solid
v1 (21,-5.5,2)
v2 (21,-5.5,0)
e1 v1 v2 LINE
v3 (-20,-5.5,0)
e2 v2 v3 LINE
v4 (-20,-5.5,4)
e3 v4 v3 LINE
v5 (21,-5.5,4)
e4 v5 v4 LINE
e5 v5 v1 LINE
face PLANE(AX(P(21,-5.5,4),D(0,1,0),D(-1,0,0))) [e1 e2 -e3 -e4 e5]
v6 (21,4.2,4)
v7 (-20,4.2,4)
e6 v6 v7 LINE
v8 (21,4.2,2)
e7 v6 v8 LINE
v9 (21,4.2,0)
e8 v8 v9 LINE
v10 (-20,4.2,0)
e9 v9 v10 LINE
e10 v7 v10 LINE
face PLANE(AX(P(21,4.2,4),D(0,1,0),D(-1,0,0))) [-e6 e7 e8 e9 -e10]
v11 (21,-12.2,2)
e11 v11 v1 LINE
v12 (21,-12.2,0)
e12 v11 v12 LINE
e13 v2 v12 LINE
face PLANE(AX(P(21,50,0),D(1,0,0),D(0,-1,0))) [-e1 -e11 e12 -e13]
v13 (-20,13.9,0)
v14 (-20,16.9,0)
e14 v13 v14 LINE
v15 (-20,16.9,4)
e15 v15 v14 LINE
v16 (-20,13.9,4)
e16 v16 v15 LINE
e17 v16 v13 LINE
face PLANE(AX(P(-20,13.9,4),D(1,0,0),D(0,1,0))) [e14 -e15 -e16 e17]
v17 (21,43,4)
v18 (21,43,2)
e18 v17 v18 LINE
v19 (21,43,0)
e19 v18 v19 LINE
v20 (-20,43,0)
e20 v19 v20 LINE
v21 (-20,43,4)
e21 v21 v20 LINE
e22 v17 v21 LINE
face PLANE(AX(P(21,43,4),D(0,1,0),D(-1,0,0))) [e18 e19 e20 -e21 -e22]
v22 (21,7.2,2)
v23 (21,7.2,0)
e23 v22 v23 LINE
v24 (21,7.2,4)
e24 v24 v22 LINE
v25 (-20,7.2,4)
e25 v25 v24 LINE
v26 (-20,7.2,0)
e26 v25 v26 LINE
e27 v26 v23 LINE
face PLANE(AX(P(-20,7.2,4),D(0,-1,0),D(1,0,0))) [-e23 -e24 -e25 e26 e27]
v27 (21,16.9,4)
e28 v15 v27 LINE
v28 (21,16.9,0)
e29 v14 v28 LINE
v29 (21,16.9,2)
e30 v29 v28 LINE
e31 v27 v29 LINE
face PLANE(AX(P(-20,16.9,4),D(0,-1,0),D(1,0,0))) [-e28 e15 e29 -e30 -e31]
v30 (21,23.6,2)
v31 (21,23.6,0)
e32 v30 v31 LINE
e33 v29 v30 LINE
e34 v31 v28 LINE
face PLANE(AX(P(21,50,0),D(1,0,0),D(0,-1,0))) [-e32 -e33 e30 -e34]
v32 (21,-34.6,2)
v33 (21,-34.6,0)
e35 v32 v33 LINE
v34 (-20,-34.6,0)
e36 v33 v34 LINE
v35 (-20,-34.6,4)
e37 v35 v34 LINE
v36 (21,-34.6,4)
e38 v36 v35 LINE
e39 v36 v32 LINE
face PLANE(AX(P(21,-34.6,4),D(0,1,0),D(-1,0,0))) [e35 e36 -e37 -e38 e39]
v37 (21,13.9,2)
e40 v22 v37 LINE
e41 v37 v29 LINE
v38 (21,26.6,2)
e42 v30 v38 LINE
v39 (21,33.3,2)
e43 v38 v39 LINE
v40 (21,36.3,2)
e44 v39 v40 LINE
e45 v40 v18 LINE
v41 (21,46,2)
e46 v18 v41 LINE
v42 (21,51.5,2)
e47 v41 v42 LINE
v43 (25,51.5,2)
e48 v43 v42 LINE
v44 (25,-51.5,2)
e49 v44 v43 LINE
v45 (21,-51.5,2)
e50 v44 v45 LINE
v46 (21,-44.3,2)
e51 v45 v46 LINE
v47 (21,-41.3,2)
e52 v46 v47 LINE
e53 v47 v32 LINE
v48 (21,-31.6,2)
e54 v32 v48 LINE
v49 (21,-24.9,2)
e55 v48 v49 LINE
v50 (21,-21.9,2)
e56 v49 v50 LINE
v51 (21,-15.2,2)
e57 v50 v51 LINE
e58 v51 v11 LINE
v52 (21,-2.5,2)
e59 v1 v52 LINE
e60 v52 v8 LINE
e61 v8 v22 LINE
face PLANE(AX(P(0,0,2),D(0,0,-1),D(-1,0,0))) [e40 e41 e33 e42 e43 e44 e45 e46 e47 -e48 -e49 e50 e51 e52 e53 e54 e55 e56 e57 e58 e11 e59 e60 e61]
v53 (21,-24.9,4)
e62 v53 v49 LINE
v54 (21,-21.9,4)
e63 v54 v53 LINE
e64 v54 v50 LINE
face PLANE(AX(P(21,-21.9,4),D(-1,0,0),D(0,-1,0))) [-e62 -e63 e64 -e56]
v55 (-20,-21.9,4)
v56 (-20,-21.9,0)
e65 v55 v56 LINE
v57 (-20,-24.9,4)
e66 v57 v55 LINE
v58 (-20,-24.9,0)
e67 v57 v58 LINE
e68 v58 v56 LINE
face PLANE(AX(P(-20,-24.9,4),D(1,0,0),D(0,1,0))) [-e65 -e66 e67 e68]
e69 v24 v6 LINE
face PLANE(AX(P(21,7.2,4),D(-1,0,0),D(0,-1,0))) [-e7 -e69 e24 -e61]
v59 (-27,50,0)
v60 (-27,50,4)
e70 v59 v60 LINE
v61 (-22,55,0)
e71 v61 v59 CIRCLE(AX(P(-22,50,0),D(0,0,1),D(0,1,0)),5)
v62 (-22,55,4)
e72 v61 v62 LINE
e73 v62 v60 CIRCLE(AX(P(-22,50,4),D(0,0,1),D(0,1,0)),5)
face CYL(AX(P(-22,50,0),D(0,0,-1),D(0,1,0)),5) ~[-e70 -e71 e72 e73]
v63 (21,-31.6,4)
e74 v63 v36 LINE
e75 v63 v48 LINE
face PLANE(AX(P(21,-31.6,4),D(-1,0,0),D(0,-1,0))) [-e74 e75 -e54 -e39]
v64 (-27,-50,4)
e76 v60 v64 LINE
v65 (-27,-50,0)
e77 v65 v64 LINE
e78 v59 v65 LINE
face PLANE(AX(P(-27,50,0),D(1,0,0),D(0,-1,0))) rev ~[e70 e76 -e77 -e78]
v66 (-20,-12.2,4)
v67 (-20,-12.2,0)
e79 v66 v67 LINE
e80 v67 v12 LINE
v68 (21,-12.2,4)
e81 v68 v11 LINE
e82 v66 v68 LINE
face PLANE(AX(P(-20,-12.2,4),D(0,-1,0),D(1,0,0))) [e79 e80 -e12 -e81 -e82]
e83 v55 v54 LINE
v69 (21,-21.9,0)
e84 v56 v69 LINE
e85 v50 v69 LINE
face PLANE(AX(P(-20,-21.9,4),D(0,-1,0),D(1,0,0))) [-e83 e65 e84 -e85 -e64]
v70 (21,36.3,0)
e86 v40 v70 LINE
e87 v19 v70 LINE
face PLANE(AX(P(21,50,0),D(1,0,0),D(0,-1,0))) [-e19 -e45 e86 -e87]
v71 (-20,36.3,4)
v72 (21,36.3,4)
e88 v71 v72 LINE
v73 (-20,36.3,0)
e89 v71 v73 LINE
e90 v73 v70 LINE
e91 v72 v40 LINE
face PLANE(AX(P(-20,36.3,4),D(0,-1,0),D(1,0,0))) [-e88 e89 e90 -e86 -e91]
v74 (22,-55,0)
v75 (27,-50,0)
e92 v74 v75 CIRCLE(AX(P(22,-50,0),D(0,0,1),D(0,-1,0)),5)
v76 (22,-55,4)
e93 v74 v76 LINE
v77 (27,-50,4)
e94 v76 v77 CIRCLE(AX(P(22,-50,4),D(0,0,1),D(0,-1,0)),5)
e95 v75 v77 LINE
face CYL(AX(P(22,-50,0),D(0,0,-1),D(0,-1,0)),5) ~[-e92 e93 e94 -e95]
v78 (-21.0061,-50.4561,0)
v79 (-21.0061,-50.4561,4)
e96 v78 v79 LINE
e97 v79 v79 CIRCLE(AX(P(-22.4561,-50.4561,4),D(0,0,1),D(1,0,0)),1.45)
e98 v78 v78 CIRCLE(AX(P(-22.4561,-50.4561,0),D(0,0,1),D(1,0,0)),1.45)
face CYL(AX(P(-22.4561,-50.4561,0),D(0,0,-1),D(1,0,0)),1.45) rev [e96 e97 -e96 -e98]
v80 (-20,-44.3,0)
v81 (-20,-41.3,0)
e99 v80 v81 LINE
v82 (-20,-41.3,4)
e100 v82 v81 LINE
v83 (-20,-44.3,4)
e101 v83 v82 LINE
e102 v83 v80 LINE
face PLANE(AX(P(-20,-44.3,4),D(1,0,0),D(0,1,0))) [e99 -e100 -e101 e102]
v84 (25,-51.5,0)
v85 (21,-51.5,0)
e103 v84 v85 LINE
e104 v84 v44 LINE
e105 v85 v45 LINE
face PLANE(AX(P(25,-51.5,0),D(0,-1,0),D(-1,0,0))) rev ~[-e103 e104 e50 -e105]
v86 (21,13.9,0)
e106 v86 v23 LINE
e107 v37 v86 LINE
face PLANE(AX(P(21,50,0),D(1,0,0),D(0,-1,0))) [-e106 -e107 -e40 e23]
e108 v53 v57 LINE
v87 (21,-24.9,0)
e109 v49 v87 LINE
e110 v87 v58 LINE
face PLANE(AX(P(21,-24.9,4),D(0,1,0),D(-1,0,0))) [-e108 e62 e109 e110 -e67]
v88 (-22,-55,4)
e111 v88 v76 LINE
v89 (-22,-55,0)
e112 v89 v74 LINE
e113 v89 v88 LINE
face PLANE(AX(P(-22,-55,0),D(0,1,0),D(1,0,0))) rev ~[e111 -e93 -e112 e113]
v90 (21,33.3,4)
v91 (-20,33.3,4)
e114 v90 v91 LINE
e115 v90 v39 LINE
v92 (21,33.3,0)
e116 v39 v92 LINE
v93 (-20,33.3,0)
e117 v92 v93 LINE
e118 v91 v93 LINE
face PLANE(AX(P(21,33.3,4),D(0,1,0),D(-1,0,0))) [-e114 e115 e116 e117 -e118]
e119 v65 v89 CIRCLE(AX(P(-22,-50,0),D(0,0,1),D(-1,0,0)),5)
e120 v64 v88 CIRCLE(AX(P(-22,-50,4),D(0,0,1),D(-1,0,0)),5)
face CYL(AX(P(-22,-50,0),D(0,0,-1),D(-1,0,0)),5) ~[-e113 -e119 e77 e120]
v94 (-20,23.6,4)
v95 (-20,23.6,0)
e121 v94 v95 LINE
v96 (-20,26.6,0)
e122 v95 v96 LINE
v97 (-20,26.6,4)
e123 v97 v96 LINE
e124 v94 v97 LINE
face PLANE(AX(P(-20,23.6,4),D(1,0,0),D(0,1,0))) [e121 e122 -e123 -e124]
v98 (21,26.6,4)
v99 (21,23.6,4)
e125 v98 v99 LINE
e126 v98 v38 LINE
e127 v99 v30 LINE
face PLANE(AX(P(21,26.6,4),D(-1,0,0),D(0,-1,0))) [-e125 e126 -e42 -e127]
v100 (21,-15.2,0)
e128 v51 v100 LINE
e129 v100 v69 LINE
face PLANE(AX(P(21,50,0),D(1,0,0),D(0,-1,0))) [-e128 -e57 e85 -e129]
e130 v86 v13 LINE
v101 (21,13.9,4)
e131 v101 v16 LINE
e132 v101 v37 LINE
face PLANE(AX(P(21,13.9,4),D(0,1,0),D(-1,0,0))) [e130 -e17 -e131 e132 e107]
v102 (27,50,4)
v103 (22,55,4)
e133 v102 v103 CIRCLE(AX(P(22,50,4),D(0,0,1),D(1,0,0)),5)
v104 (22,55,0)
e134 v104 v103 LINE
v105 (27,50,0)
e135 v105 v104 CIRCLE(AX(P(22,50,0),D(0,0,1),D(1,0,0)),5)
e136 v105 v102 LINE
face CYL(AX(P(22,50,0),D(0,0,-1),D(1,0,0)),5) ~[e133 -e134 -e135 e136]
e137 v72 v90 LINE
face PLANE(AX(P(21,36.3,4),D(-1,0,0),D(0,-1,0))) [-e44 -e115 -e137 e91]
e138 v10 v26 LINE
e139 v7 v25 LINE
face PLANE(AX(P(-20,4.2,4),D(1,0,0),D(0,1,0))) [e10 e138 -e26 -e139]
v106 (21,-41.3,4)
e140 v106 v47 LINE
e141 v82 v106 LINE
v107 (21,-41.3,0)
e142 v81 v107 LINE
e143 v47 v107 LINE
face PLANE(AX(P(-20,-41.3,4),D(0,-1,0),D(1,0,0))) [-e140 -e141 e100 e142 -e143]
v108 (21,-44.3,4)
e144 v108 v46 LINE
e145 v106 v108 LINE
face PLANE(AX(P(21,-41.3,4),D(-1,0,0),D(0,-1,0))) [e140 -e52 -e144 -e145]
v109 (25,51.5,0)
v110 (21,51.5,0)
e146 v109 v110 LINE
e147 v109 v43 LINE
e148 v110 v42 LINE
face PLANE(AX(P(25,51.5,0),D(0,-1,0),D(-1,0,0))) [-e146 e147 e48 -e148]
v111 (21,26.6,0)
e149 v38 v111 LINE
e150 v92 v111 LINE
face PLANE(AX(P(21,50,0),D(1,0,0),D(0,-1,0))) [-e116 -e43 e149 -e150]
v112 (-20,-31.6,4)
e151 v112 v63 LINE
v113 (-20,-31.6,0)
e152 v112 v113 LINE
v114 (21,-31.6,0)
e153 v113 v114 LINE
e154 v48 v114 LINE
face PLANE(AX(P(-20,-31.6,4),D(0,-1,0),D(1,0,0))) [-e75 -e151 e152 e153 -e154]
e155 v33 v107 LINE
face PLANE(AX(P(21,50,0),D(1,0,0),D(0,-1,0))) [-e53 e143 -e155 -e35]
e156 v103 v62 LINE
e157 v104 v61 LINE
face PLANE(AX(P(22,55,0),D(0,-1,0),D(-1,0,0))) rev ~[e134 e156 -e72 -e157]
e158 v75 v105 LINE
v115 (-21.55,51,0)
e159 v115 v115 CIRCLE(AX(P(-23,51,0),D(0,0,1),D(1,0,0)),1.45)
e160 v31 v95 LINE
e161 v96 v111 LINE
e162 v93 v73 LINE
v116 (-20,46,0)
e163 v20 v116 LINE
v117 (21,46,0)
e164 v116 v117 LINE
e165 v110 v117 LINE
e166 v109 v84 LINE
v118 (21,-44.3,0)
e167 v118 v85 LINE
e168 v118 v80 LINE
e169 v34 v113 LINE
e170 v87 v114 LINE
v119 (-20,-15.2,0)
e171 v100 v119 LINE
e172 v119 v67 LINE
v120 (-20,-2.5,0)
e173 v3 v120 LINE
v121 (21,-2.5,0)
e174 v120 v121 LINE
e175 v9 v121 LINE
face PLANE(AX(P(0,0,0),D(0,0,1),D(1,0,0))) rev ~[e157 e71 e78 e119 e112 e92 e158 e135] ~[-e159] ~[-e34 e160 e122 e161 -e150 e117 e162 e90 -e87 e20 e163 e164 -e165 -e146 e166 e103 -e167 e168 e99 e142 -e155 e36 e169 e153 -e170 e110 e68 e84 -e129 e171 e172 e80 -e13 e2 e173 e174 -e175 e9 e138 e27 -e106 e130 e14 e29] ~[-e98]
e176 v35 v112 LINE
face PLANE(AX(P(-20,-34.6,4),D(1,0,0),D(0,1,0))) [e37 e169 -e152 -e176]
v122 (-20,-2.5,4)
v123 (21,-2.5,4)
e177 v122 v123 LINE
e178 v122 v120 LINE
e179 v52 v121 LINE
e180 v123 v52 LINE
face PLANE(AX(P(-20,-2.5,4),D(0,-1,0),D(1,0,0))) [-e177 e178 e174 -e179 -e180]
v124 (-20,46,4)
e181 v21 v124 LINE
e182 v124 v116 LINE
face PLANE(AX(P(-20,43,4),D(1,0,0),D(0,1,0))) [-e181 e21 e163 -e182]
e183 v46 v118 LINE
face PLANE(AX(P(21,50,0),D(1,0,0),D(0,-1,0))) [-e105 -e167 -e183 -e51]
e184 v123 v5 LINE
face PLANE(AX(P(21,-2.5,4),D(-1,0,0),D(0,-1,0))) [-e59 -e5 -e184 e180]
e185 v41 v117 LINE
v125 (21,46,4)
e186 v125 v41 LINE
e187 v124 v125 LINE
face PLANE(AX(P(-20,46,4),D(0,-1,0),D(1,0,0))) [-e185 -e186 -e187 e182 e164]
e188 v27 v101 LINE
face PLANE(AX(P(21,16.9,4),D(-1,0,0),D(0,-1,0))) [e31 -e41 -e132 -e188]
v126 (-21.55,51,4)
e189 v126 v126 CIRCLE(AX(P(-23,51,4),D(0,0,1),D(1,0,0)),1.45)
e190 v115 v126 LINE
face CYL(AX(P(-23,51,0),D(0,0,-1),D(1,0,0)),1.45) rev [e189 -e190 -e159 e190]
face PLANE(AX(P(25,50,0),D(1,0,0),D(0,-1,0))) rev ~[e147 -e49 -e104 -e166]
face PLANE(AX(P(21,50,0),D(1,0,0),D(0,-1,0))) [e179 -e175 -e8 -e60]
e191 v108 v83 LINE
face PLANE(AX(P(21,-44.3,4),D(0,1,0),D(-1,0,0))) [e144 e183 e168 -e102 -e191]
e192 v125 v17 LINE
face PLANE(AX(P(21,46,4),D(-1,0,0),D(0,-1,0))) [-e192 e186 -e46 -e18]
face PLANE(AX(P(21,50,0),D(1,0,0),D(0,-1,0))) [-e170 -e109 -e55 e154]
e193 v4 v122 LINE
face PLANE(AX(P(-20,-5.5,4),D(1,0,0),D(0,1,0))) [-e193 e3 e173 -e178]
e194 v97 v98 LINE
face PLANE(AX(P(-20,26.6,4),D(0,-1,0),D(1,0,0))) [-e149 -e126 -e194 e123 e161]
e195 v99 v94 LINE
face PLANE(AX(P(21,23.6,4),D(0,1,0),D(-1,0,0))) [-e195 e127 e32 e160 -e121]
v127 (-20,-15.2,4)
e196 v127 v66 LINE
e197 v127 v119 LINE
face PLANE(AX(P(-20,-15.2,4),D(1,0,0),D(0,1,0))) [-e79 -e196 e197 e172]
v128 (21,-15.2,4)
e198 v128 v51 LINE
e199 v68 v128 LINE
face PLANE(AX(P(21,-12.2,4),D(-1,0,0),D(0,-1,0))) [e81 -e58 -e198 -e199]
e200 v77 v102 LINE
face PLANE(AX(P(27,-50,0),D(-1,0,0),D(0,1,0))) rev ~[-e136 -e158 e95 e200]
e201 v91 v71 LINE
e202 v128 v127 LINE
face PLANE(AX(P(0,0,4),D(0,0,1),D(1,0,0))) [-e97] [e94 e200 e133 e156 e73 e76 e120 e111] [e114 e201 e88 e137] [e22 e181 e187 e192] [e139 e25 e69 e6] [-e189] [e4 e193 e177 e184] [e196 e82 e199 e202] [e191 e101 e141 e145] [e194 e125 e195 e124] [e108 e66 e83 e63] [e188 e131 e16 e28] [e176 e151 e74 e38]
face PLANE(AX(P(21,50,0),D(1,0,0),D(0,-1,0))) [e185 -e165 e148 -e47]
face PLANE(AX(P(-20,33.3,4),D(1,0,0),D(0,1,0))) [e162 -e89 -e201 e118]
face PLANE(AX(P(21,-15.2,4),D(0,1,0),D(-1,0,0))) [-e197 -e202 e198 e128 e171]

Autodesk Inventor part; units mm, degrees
ref_plane "YZ Plane" through (0, 0, 0) normal (1, 0, 0) x (0, 1, 0)
ref_plane "XZ Plane" through (0, 0, 0) normal (0, 1, 0) x (-1, 0, 0)
ref_plane "XY Plane" through (0, 0, 0) normal (0, 0, 1) x (1, 0, 0)
ref_plane "Work Plane1" through (0, 0, 0) normal (0, 0, 1) x (1, 0, 0)
sketch "Sketch1" plane through (0, 0, 0) normal (0, 0, 1) x (1, 0, 0)
  circle A0 centre (-23, 51) radius 1.45 projected
  circle A1 centre (-22.4561, -50.4561) radius 1.45 projected
  arc A2 (-27, -50) -> (-22, -55) centre (-22, -50) ccw projected
  line L0 (-22, -55) -> (22, -55) projected
  arc A3 (22, -55) -> (27, -50) centre (22, -50) ccw projected
  line L1 (27, -50) -> (27, 50) projected
  arc A4 (27, 50) -> (22, 55) centre (22, 50) ccw projected
  line L2 (22, 55) -> (-22, 55) projected
  arc A5 (-22, 55) -> (-27, 50) centre (-22, 50) ccw projected
  line L3 (-27, 50) -> (-27, -50) projected
  line L4 (-22, 53) -> (22, 53) projected
  arc A6 (25, 50) -> (22, 53) centre (22, 50) ccw projected
  line L5 (25, 50) -> (25, -50) projected
  arc A7 (22, -53) -> (25, -50) centre (22, -50) ccw projected
  line L6 (22, -53) -> (-22, -53) projected
  arc A8 (-22, -53) -> (-25, -50) centre (-22.4561, -50.4561) ccw projected
  line L7 (-25, -50) -> (-25, 50) projected
  arc A9 (-25, 50) -> (-22, 53) centre (-23, 51) ccw projected
  point P0 (0, 0)
extrude "Extrusion1" add sketch "Sketch1" along normal blind 4 contours L3 A5 L2 A4 L1 A3 L0 A2 | L4 A6 L5 A7 L6 A8 L7 A9
sketch "Sketch2" plane through (0, 0, 0) normal (0, 0, -1) x (-1, 0, 0)
  line L0 (-25, 50) -> (-25, -50) projected
  line L1 (-25, 50) -> (-21, 50)
  line L2 (-21, 50) -> (-21, -50)
  line L3 (-21, -50) -> (-25, -50)
  line L4 (-25, -50) -> (-25, 50)
  line L5 (-21, 50) -> (-25, 50)
  line L6 (-25, 50) -> (-25, 51.5)
  line L7 (-25, 51.5) -> (-21, 51.5)
  line L8 (-21, 51.5) -> (-21, 50)
  line L9 (-21, -50) -> (-25, -50)
  line L10 (-25, -50) -> (-25, -51.5)
  line L11 (-25, -51.5) -> (-21, -51.5)
  line L12 (-21, -51.5) -> (-21, -50)
  point P0 (0, 0)
  dimension "d2" = 4
  dimension "d15" = 1.5
  dimension "d16" = 1.5
extrude "Extrusion2" cut sketch "Sketch2" against normal blind 2
sketch "Sketch3" plane through (0, 0, 4) normal (0, 0, 1) x (1, 0, 0)
  line L0 (21, 50) -> (21, -50) projected
  line L1 (-20, 46) -> (21, 46)
  line L2 (21, 46) -> (21, 43)
  line L3 (21, 43) -> (-20, 43)
  line L4 (-20, 43) -> (-20, 46)
  line L5 (21, 33.3) -> (-20, 33.3)
  line L6 (-20, 36.3) -> (21, 36.3)
  line L7 (21, 36.3) -> (21, 33.3)
  line L8 (-20, 33.3) -> (-20, 36.3)
  line L9 (21, 23.6) -> (-20, 23.6)
  line L10 (-20, 26.6) -> (21, 26.6)
  line L11 (21, 26.6) -> (21, 23.6)
  line L12 (-20, 23.6) -> (-20, 26.6)
  line L13 (21, 13.9) -> (-20, 13.9)
  line L14 (-20, 16.9) -> (21, 16.9)
  line L15 (21, 16.9) -> (21, 13.9)
  line L16 (-20, 13.9) -> (-20, 16.9)
  line L17 (21, 4.2) -> (-20, 4.2)
  line L18 (-20, 7.2) -> (21, 7.2)
  line L19 (21, 7.2) -> (21, 4.2)
  line L20 (-20, 4.2) -> (-20, 7.2)
  line L21 (21, -5.5) -> (-20, -5.5)
  line L22 (-20, -2.5) -> (21, -2.5)
  line L23 (21, -2.5) -> (21, -5.5)
  line L24 (-20, -5.5) -> (-20, -2.5)
  line L25 (21, -15.2) -> (-20, -15.2)
  line L26 (-20, -12.2) -> (21, -12.2)
  line L27 (21, -12.2) -> (21, -15.2)
  line L28 (-20, -15.2) -> (-20, -12.2)
  line L29 (21, -24.9) -> (-20, -24.9)
  line L30 (-20, -21.9) -> (21, -21.9)
  line L31 (21, -21.9) -> (21, -24.9)
  line L32 (-20, -24.9) -> (-20, -21.9)
  line L33 (21, -34.6) -> (-20, -34.6)
  line L34 (-20, -31.6) -> (21, -31.6)
  line L35 (21, -31.6) -> (21, -34.6)
  line L36 (-20, -34.6) -> (-20, -31.6)
  line L37 (21, -44.3) -> (-20, -44.3)
  line L38 (-20, -41.3) -> (21, -41.3)
  line L39 (21, -41.3) -> (21, -44.3)
  line L40 (-20, -44.3) -> (-20, -41.3)
  line L41 (22, 55) -> (-22, 55) projected
  point P0 (0, 0)
  point P1 (21, -41.3)
  point P2 (21, -31.6)
  point P3 (21, -21.9)
  point P4 (21, -12.2)
  point P5 (21, -2.5)
  point P6 (21, 7.2)
  point P7 (21, 16.9)
  point P8 (21, 26.6)
  point P9 (21, 36.3)
  point P10 (21, 46)
  dimension "d5" = 3
  dimension "d8" = 9.7
  dimension "d17" = 9
extrude "Extrusion3" cut sketch "Sketch3" against normal through all
properties part number "00_Case_Powersupply_Galvo_lid"
